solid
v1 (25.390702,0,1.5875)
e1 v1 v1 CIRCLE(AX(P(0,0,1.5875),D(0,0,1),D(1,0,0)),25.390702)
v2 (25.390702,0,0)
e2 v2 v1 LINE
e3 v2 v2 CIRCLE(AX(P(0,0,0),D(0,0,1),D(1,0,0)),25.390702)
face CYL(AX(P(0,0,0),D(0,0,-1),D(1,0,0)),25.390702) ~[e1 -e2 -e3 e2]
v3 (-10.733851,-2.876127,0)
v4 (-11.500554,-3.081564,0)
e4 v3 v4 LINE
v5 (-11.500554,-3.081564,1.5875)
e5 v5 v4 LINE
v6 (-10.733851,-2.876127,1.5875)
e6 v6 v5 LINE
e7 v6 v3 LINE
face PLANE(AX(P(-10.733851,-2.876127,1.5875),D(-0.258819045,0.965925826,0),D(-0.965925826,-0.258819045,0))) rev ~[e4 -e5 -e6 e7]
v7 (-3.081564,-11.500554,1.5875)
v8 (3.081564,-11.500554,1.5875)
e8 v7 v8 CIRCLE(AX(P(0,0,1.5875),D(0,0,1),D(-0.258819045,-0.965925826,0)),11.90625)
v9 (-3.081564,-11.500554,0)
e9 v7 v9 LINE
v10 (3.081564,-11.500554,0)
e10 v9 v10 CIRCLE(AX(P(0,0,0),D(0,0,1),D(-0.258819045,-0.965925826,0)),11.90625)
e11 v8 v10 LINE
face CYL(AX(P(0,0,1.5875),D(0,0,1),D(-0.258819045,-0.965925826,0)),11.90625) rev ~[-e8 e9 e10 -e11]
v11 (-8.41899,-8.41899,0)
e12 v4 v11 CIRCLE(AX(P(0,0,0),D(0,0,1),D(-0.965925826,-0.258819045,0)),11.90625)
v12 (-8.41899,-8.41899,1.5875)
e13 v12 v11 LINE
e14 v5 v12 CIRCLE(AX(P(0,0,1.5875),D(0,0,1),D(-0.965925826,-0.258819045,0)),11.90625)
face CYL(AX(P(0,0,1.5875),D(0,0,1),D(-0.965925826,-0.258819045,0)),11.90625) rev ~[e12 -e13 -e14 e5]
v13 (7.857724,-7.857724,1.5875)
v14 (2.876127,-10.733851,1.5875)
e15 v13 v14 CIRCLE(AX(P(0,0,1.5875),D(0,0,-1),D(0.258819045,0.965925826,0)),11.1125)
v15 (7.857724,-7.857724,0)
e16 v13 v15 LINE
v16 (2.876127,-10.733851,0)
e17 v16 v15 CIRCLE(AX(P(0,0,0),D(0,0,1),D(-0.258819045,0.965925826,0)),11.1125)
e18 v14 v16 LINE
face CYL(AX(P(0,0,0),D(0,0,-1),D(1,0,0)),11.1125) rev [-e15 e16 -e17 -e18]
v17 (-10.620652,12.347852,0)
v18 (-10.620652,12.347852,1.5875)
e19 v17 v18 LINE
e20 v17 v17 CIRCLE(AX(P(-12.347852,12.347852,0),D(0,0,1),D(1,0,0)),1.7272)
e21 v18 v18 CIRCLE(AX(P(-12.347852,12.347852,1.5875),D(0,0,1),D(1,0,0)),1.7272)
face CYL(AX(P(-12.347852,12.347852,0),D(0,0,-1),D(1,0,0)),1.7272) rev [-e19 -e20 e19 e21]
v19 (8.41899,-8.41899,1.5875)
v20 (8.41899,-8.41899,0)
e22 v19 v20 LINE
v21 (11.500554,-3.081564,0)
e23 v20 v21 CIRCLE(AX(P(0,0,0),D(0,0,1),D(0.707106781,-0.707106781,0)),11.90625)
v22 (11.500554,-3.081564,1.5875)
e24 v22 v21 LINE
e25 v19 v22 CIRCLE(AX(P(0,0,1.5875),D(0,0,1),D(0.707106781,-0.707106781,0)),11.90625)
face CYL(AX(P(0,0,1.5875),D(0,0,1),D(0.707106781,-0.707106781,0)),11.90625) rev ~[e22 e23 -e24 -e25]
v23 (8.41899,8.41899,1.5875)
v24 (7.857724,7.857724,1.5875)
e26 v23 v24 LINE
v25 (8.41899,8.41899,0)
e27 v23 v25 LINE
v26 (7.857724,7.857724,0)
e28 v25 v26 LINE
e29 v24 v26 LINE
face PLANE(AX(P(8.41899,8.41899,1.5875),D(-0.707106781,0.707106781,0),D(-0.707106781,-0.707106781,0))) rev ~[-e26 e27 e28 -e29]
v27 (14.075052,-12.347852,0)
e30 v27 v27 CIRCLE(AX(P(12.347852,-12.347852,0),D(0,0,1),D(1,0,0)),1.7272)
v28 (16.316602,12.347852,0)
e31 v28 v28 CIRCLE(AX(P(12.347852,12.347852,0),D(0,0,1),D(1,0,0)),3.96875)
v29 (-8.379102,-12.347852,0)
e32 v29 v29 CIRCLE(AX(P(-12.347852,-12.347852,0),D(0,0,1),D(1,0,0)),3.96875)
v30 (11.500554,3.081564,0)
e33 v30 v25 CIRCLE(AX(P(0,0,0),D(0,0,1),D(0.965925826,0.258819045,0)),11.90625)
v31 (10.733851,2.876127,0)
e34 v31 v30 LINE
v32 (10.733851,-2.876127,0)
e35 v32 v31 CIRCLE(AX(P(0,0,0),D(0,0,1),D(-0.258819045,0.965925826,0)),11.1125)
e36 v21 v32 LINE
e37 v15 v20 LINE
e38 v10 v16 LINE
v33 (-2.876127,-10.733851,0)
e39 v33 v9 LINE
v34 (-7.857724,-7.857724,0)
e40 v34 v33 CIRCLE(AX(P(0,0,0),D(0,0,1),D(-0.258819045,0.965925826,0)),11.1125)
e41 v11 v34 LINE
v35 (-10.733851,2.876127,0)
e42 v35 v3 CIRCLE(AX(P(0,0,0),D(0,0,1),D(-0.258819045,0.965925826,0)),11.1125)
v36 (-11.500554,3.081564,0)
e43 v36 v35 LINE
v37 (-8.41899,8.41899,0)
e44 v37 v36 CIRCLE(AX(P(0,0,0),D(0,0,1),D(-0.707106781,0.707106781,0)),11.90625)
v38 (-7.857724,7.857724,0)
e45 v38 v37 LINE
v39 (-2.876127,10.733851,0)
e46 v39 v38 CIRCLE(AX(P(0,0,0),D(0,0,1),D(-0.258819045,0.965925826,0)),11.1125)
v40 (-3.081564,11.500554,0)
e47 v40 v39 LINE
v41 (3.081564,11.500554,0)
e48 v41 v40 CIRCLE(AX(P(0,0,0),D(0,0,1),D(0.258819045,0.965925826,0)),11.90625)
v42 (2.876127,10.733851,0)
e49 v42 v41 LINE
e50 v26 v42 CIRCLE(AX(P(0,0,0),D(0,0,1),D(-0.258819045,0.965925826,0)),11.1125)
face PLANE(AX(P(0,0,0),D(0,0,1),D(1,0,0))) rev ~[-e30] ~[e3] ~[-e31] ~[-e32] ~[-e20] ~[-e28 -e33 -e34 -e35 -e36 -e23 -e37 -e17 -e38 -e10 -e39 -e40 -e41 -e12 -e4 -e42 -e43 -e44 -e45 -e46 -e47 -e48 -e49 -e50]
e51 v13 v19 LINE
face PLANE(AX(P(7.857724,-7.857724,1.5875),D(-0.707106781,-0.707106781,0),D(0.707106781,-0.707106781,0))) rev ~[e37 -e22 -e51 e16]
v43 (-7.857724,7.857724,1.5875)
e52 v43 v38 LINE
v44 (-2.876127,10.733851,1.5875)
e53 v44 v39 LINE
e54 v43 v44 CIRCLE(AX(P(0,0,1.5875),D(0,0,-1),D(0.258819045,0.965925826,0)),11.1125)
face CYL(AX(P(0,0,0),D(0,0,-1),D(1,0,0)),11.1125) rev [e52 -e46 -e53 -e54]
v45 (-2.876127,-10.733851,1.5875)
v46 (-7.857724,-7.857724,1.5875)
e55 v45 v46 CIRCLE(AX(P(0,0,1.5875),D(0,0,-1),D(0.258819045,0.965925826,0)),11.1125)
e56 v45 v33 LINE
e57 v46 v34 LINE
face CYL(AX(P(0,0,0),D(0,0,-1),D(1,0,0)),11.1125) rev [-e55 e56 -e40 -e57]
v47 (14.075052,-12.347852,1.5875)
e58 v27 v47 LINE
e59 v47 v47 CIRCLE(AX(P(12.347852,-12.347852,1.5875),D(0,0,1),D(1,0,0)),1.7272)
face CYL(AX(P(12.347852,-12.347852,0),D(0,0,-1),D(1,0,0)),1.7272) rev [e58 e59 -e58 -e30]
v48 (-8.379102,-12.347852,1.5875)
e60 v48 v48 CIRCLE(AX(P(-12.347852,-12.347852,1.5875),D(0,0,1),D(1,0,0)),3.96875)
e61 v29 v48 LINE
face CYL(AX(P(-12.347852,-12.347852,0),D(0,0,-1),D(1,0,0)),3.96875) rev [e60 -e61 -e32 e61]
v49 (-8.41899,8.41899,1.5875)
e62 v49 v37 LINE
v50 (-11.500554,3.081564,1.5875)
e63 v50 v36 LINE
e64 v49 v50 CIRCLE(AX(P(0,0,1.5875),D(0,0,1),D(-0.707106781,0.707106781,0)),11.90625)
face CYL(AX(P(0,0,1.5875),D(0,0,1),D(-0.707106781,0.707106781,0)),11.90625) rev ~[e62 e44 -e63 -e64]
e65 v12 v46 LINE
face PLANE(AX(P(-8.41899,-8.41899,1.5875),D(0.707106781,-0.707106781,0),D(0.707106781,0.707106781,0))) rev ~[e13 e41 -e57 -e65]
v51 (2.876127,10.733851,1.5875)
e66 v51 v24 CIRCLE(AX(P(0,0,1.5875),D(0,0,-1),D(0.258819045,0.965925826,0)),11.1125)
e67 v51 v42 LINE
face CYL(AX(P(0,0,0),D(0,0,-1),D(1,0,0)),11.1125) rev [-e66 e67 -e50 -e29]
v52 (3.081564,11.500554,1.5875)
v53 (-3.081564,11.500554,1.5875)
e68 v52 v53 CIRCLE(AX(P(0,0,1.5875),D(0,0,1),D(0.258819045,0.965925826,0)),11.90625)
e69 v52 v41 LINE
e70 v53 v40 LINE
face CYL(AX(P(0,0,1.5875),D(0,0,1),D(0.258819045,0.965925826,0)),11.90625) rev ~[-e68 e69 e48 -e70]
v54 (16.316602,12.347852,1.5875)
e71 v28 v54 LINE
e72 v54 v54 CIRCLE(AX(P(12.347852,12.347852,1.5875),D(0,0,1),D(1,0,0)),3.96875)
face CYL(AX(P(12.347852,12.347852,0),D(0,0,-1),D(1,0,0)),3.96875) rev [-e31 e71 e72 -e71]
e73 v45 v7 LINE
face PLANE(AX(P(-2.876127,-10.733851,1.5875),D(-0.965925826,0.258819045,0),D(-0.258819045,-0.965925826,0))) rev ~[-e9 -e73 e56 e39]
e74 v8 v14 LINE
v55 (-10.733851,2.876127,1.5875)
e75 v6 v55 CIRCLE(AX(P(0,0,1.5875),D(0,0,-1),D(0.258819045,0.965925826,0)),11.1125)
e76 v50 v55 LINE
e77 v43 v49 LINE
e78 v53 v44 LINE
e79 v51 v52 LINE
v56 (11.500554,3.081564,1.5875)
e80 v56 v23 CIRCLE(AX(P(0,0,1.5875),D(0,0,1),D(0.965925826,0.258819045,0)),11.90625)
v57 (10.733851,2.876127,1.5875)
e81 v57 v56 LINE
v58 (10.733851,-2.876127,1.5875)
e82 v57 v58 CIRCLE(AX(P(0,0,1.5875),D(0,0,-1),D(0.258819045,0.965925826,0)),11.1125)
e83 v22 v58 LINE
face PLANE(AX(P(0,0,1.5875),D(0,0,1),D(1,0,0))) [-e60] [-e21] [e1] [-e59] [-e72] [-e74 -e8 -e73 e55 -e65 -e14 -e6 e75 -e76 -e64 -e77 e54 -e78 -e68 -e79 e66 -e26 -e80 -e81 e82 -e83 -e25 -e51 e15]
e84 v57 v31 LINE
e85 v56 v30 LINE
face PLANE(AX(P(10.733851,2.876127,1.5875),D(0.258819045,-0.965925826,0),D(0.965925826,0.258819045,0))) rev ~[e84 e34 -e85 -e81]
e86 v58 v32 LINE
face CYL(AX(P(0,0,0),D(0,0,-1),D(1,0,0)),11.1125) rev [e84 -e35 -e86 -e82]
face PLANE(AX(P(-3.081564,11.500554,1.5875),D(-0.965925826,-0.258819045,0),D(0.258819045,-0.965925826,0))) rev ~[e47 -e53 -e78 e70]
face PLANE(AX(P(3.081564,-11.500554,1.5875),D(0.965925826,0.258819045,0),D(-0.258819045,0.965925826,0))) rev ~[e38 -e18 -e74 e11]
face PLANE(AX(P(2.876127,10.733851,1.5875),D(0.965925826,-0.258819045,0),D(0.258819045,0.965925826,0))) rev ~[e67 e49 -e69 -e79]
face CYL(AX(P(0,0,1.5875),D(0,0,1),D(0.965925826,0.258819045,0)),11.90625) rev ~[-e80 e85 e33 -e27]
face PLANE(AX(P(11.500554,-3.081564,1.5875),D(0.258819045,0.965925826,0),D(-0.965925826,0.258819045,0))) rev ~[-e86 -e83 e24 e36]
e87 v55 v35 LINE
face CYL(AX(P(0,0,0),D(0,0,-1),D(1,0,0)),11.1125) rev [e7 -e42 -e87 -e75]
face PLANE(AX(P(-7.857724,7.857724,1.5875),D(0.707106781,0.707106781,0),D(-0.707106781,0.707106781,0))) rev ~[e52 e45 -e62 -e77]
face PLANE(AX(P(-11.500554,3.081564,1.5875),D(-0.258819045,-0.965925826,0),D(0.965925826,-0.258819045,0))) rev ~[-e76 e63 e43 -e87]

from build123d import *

# Parameters (mm, degrees)
F0_R     = 25.3907018743
F0_R_2   = 3.96875
F0_R_3   = 1.7272
F0_R_4   = 11.1125
F1_DEPTH = 1.5875
F3_DEPTH = 1.5875
F4_COUNT = 6
F4_ANGLE = 300


with BuildPart() as f1:
    # F0 (on Top) → F1 (new body)
    with BuildSketch(Plane.XY):
        Circle(F0_R)
        with Locations((-12.3478521665, -12.3478521665)):
            Circle(F0_R_2, mode=Mode.SUBTRACT)
        with Locations((12.3478521665, -12.3478521665)):
            Circle(F0_R_3, mode=Mode.SUBTRACT)
        with Locations((-12.3478521665, 12.3478521665)):
            Circle(F0_R_3, mode=Mode.SUBTRACT)
        Circle(F0_R_4, mode=Mode.SUBTRACT)
        with Locations((12.3478521665, 12.3478521665)):
            Circle(F0_R_2, mode=Mode.SUBTRACT)
    extrude(amount=F1_DEPTH)

    # F2 (on face) → F3 (cut, through all)
    with BuildSketch(Plane.XY.offset(1.5875)):
        with BuildLine():
            ThreePointArc((-2.8761266387, 10.7338507446), (0, 11.1125), (2.8761266387, 10.7338507446))
            Line((2.8761266387, 10.7338507446), (3.0815642558, 11.5005543693))
            ThreePointArc((3.0815642558, 11.5005543693), (0, 11.90625), (-3.0815642558, 11.5005543693))
            Line((-3.0815642558, 11.5005543693), (-2.8761266387, 10.7338507446))
        make_face()
    f3 = extrude(amount=-F3_DEPTH, mode=Mode.SUBTRACT)

    # F4: F3 ×6 about axis
    f4_axis = Axis((0, 0, 0), (0, 0, -1))
    for i in range(1, F4_COUNT):
        add(f3.rotate(f4_axis, i * F4_ANGLE / (F4_COUNT - 1)), mode=Mode.SUBTRACT)


solid = f1.part
